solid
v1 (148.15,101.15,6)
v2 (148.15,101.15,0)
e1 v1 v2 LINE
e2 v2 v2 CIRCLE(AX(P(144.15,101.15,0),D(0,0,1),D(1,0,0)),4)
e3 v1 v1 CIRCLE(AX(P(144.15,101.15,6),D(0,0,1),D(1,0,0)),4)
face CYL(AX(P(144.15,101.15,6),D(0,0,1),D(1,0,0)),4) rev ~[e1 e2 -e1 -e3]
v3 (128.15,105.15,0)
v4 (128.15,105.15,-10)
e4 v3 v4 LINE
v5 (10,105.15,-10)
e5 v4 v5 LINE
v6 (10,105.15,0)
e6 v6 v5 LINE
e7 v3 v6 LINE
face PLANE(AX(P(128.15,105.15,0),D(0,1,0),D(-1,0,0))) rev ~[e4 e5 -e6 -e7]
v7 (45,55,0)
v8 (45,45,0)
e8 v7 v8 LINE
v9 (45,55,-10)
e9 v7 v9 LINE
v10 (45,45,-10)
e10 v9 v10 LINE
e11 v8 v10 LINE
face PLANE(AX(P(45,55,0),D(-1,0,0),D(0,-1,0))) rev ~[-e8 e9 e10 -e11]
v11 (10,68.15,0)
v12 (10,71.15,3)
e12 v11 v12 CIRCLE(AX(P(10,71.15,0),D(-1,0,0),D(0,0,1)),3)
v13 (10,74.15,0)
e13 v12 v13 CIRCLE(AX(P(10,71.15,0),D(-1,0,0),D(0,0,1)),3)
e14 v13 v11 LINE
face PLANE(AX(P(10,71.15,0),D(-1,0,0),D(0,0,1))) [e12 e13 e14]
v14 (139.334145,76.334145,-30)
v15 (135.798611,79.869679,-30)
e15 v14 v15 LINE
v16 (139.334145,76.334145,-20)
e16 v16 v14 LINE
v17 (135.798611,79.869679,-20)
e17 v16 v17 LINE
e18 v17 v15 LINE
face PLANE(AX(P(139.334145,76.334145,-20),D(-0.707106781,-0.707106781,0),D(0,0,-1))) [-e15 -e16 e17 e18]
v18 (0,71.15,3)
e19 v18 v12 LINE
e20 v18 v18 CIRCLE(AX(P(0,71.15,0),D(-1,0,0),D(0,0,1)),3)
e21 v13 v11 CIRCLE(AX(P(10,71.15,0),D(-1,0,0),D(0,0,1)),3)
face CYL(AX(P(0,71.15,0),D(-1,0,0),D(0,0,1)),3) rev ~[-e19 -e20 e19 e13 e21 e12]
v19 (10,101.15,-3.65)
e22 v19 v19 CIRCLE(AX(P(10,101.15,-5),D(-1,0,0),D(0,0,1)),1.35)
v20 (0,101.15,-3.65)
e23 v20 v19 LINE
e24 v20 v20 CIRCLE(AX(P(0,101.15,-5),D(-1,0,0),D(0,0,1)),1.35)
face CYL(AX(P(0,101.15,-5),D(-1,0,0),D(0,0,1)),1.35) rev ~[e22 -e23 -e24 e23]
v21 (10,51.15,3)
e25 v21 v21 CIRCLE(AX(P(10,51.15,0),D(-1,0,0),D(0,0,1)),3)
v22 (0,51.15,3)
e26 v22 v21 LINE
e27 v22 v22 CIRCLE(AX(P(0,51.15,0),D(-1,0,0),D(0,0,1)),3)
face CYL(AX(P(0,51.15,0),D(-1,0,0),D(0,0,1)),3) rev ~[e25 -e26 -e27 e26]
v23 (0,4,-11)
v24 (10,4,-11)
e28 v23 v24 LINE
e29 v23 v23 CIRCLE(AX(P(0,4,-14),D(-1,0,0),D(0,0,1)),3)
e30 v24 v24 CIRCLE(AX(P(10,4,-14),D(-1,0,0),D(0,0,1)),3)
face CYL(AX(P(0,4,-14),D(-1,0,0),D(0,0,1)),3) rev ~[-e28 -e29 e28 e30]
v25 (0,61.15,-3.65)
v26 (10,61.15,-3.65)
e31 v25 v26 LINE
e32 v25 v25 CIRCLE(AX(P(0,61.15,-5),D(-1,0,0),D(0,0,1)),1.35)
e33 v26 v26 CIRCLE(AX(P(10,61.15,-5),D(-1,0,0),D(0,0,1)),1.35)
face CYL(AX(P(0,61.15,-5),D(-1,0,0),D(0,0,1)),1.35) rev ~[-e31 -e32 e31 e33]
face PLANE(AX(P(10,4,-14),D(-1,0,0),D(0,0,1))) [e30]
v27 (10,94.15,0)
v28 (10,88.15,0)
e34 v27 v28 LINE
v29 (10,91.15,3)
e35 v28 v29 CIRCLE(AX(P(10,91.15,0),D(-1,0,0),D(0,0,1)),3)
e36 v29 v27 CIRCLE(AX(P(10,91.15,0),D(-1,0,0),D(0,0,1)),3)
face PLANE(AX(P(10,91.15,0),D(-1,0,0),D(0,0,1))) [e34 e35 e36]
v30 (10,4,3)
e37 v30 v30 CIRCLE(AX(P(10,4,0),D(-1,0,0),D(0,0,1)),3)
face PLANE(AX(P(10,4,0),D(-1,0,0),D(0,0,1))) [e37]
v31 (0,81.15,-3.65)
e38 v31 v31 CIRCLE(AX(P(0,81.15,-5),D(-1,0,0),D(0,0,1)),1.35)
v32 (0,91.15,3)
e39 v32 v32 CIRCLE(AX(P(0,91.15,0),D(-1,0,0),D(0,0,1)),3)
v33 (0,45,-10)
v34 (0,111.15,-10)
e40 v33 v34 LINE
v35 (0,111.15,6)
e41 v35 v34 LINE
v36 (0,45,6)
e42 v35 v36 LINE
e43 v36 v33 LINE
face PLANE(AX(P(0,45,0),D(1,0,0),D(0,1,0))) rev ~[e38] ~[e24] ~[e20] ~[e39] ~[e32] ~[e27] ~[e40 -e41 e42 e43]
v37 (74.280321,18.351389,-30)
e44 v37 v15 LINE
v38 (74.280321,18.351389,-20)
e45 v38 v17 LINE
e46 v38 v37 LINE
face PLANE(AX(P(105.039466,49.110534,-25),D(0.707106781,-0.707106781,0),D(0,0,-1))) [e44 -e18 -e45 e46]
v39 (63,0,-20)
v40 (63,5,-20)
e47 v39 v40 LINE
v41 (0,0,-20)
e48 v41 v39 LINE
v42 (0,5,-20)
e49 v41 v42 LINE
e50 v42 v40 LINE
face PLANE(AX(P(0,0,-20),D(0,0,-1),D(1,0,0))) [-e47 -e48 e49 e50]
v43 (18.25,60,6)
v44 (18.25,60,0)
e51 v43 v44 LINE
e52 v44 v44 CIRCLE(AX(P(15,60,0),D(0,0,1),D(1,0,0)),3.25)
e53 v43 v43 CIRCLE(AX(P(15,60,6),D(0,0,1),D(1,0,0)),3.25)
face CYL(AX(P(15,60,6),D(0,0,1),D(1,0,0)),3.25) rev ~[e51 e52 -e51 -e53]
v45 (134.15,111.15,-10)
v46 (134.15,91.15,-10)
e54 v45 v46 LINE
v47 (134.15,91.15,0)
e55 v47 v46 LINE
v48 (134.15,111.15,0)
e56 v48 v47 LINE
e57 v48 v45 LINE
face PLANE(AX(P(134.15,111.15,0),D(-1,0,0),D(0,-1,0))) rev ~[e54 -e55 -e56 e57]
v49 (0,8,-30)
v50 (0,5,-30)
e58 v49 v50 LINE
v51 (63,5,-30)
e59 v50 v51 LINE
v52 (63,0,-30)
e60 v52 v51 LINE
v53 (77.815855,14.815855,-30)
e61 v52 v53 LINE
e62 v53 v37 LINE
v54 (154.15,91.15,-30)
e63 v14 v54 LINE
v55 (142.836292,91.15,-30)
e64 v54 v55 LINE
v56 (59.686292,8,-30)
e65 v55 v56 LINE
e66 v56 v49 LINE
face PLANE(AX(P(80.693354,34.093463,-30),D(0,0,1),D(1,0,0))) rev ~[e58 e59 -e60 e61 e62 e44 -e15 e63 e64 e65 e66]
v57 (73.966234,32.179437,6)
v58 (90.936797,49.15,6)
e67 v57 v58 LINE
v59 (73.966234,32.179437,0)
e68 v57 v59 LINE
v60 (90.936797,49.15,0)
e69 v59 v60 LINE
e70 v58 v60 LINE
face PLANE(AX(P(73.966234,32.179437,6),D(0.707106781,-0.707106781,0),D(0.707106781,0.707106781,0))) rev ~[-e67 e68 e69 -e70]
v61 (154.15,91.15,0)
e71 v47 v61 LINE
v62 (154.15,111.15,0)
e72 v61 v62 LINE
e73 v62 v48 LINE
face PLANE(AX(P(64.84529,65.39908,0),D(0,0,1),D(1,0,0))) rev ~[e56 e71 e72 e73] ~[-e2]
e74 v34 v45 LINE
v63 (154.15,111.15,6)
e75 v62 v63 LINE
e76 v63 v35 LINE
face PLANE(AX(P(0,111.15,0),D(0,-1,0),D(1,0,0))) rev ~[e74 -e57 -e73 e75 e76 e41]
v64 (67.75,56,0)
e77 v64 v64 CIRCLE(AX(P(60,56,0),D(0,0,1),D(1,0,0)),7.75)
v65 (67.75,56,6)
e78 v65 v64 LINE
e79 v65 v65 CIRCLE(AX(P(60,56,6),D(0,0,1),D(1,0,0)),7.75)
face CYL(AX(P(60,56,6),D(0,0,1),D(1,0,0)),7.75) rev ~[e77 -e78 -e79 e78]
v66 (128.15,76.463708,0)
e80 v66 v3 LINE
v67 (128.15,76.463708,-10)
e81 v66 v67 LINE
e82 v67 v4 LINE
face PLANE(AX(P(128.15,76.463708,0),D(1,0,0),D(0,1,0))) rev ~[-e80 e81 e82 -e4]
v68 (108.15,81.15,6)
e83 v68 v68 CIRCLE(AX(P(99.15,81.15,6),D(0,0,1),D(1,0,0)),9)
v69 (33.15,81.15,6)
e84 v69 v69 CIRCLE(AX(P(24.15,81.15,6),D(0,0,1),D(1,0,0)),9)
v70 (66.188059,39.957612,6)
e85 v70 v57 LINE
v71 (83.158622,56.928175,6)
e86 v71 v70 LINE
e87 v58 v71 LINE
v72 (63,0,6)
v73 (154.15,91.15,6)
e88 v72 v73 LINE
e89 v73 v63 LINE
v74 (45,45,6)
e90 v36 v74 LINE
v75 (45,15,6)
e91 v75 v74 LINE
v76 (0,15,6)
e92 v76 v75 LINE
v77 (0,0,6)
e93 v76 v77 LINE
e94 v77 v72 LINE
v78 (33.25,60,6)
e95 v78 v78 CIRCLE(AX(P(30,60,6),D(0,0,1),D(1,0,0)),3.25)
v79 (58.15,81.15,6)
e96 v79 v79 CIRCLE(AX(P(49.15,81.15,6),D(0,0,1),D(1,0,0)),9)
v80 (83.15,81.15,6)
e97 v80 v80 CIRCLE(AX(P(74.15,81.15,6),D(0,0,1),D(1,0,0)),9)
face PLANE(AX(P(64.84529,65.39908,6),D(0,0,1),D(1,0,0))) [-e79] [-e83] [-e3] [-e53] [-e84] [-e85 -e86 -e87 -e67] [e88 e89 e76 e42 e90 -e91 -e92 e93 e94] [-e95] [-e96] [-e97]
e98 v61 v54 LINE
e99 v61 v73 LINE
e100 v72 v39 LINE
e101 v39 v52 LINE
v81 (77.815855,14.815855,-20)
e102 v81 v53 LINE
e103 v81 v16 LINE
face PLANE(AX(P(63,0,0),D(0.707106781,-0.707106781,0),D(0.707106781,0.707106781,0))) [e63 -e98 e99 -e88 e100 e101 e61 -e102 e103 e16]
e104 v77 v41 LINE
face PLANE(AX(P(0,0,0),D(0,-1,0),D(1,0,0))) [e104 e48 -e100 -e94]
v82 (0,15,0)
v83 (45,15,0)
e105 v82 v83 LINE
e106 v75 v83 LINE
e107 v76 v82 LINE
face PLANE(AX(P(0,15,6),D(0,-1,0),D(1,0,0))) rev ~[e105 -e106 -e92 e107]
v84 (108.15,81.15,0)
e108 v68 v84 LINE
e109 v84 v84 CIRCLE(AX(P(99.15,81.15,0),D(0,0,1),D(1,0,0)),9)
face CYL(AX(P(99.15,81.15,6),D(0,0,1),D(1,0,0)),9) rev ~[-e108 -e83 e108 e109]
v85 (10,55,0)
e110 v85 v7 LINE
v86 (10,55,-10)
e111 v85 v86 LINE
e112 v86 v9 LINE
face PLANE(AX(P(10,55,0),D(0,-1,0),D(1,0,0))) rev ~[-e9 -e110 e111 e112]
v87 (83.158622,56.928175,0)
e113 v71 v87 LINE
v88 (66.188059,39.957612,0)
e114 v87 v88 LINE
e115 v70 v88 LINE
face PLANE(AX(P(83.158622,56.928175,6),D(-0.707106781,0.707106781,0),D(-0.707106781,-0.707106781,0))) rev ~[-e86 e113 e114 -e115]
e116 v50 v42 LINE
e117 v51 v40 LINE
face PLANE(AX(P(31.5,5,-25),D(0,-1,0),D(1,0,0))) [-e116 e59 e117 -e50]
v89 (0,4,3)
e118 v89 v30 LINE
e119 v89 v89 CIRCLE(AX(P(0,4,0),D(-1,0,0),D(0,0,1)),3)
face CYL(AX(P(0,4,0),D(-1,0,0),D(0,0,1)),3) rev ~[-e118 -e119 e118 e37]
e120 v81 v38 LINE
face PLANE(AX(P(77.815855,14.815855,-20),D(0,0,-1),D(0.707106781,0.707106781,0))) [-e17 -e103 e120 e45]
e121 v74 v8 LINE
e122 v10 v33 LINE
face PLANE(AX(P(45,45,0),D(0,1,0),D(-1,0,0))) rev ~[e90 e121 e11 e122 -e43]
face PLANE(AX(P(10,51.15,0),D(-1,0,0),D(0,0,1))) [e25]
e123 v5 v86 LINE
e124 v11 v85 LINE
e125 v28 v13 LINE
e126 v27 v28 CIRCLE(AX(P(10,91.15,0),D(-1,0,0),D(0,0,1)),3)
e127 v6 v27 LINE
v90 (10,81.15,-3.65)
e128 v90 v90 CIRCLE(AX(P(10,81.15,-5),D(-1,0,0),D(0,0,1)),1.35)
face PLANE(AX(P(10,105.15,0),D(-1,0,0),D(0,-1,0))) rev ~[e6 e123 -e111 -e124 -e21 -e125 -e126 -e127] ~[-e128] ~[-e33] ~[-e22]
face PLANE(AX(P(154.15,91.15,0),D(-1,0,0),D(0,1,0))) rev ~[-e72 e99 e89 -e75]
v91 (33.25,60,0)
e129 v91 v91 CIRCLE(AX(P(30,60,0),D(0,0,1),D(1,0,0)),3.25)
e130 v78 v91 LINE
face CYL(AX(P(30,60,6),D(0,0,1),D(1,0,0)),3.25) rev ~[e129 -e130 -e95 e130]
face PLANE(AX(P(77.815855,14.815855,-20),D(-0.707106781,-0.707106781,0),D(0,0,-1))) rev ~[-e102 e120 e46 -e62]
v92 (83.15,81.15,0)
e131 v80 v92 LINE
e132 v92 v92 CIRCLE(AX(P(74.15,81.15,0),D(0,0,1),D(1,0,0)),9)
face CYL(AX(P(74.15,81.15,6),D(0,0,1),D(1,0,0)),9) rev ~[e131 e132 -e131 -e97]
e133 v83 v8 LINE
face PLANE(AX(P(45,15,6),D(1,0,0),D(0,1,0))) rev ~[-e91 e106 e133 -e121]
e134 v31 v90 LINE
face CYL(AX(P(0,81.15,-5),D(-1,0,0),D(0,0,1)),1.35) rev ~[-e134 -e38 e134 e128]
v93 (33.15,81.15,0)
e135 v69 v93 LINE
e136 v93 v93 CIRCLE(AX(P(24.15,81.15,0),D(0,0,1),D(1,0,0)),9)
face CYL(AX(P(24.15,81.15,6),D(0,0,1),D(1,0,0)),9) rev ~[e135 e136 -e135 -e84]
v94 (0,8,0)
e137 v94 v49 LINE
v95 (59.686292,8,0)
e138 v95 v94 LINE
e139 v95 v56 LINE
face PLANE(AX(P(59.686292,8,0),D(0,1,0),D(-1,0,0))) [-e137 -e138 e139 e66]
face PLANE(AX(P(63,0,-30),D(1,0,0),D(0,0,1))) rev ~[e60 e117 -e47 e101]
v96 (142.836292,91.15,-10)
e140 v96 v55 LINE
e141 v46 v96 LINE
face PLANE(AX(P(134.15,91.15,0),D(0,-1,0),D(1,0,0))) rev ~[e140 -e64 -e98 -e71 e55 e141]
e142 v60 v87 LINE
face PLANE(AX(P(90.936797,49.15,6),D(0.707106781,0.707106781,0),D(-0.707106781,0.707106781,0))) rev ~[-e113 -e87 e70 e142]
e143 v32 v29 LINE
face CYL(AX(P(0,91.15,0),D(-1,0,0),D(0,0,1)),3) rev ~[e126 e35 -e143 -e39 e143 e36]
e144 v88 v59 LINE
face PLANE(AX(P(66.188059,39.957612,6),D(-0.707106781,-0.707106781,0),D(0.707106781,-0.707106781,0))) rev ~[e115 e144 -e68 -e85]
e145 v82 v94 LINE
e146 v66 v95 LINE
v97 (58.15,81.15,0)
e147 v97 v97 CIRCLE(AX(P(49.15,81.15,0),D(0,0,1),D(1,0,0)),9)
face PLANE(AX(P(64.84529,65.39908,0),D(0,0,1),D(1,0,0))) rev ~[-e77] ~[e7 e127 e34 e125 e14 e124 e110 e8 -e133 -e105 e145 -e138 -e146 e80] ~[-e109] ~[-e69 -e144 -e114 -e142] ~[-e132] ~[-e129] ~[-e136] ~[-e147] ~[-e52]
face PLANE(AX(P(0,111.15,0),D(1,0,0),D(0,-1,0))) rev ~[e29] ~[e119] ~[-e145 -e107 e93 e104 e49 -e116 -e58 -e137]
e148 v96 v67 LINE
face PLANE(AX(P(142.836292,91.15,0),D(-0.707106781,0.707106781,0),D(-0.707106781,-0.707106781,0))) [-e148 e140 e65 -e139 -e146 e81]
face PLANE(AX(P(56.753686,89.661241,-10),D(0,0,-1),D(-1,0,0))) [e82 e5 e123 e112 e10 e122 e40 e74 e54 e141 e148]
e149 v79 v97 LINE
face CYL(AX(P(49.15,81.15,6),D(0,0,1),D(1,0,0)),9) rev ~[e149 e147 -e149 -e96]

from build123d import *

# Parameters (mm, degrees)
BOSS_EXTRU_1_DEPTH         = 6
ESQUISSE2_R                = 9
ESQUISSE2_R_2              = 7.75
ESQUISSE2_R_3              = 3.25
ENL_V_MAT_EXTRU_1_DEPTH    = 191.138226036
ESQUISSE3_W                = 45
ESQUISSE3_H                = 30
ENL_V_MAT_EXTRU_2_DEPTH    = 191.138226036
BOSS_EXTRU_2_DEPTH         = 30
BOSS_EXTRU_3_DEPTH         = 10
ESQUISSE8_R                = 4
ENL_V_MAT_EXTRU_3_DEPTH    = 194.423227664
ENL_V_MAT_EXTRU_4_REACH    = 194.397
ESQUISSE9_R                = 1.35
R_P_TITION_LIN_AIRE1_COUNT = 3
R_P_TITION_LIN_AIRE1_PITCH = 20
ESQUISSE10_R               = 3
ENL_V_MAT_EXTRU_5_DEPTH    = 10
ESQUISSE11_W               = 63
ESQUISSE11_H               = 10
ENL_V_MAT_EXTRU_6_DEPTH    = 5
ESQUISSE12_W               = 10
ESQUISSE12_H               = 87
ENL_V_MAT_EXTRU_7_DEPTH    = 5


with BuildPart() as part:
    # Esquisse1 → Boss.-Extru.1 (new body)
    with BuildSketch(Plane.XY):
        Polygon((0, 0), (63, 0), (154.15, 91.15), (154.15, 111.15), (0, 111.15), align=None)
    extrude(amount=BOSS_EXTRU_1_DEPTH)

    # Esquisse2 → Enlèv. mat.-Extru.1 (cut, through all)
    with BuildSketch(Plane.XY.offset(6)):
        with Locations((49.149999599, 81.15)):
            Circle(ESQUISSE2_R)
        with Locations((74.15, 81.15)):
            Circle(ESQUISSE2_R)
        with Locations((99.15, 81.15)):
            Circle(ESQUISSE2_R)
        with Locations((24.149999599, 81.15)):
            Circle(ESQUISSE2_R)
        with Locations((60, 56)):
            Circle(ESQUISSE2_R_2)
        with Locations((30, 60)):
            Circle(ESQUISSE2_R_3)
        with Locations((15, 60)):
            Circle(ESQUISSE2_R_3)
        Polygon((66.188059223, 39.957611845), (73.966233816, 32.179437252), (90.936796564, 49.15), (83.158621971, 56.928174593), align=None)
    extrude(amount=-ENL_V_MAT_EXTRU_1_DEPTH, mode=Mode.SUBTRACT)

    # Esquisse3 → Enlèv. mat.-Extru.2 (cut, through all)
    with BuildSketch(Plane.XY.offset(6)):
        with Locations((22.5, 30)):
            Rectangle(ESQUISSE3_W, ESQUISSE3_H)
    extrude(amount=-ENL_V_MAT_EXTRU_2_DEPTH, mode=Mode.SUBTRACT)

    # Esquisse6 → Boss.-Extru.2 (add)
    with BuildSketch(Plane(origin=(0, 0, 0), x_dir=(-1, 0, 0), z_dir=(0, 0, -1))):
        Polygon((-154.15, 91.15), (-142.836291501, 91.15), (-59.686291501, 8), (0, 8), (0, 0), (-63, 0), align=None)
    extrude(amount=BOSS_EXTRU_2_DEPTH)

    # Esquisse7 → Boss.-Extru.3 (add)
    with BuildSketch(Plane(origin=(0, 0, 0), x_dir=(-1, 0, 0), z_dir=(0, 0, -1))):
        Polygon((-10, 55), (-45, 55), (-45, 45), (0, 45), (0, 111.15), (-134.15, 111.15), (-134.15, 91.15), (-142.836291501, 91.15), (-128.15, 76.463708499), (-128.15, 105.15), (-10, 105.15), align=None)
    extrude(amount=BOSS_EXTRU_3_DEPTH)

    # Esquisse8 → Enlèv. mat.-Extru.3 (cut, through all)
    with BuildSketch(Plane.XY.offset(6)):
        with Locations((144.15, 101.15)):
            Circle(ESQUISSE8_R)
    extrude(amount=-ENL_V_MAT_EXTRU_3_DEPTH, mode=Mode.SUBTRACT)

    # Esquisse9 → Enlèv. mat.-Extru.4 (cut, up to next)
    with BuildSketch(Plane.ZY, mode=Mode.PRIVATE) as enl_v_mat_extru_4_sk1:
        with Locations((-5, 101.15)):
            Circle(ESQUISSE9_R)
    enl_v_mat_extru_4_tool1 = extrude(enl_v_mat_extru_4_sk1.sketch, amount=-ENL_V_MAT_EXTRU_4_REACH, mode=Mode.PRIVATE) & part.part
    enl_v_mat_extru_4 = enl_v_mat_extru_4_tool1.solids().sort_by_distance((0, 101.15, -5))[0]
    add(enl_v_mat_extru_4, mode=Mode.SUBTRACT)

    # Répétition linéaire1: Enlèv. mat.-Extru.4 ×3
    with Locations(*[(0, -i * R_P_TITION_LIN_AIRE1_PITCH, 0) for i in range(1, R_P_TITION_LIN_AIRE1_COUNT)]):
        add(enl_v_mat_extru_4, mode=Mode.SUBTRACT)

    # Esquisse10 → Enlèv. mat.-Extru.5 (cut)
    with BuildSketch(Plane.ZY):
        with Locations((0, 91.15)):
            Circle(ESQUISSE10_R)
        with Locations((0, 71.15)):
            Circle(ESQUISSE10_R)
        with Locations((0, 51.15)):
            Circle(ESQUISSE10_R)
        with Locations((-14, 4)):
            Circle(ESQUISSE10_R)
        with Locations((0, 4)):
            Circle(ESQUISSE10_R)
    extrude(amount=-ENL_V_MAT_EXTRU_5_DEPTH, mode=Mode.SUBTRACT)

    # Esquisse11 → Enlèv. mat.-Extru.6 (cut)
    with BuildSketch(Plane.XZ):
        with Locations((31.5, -25)):
            Rectangle(ESQUISSE11_W, ESQUISSE11_H)
    extrude(amount=-ENL_V_MAT_EXTRU_6_DEPTH, mode=Mode.SUBTRACT)

    # Esquisse12 → Enlèv. mat.-Extru.7 (cut)
    with BuildSketch(Plane(origin=(31.5, -31.5, 0), x_dir=(0, 0, -1), z_dir=(0.7071067811865489, -0.7071067811865462, 0))):
        with Locations((25, 109.00051032)):
            Rectangle(ESQUISSE12_W, ESQUISSE12_H)
    extrude(amount=-ENL_V_MAT_EXTRU_7_DEPTH, mode=Mode.SUBTRACT)


solid = part.part
